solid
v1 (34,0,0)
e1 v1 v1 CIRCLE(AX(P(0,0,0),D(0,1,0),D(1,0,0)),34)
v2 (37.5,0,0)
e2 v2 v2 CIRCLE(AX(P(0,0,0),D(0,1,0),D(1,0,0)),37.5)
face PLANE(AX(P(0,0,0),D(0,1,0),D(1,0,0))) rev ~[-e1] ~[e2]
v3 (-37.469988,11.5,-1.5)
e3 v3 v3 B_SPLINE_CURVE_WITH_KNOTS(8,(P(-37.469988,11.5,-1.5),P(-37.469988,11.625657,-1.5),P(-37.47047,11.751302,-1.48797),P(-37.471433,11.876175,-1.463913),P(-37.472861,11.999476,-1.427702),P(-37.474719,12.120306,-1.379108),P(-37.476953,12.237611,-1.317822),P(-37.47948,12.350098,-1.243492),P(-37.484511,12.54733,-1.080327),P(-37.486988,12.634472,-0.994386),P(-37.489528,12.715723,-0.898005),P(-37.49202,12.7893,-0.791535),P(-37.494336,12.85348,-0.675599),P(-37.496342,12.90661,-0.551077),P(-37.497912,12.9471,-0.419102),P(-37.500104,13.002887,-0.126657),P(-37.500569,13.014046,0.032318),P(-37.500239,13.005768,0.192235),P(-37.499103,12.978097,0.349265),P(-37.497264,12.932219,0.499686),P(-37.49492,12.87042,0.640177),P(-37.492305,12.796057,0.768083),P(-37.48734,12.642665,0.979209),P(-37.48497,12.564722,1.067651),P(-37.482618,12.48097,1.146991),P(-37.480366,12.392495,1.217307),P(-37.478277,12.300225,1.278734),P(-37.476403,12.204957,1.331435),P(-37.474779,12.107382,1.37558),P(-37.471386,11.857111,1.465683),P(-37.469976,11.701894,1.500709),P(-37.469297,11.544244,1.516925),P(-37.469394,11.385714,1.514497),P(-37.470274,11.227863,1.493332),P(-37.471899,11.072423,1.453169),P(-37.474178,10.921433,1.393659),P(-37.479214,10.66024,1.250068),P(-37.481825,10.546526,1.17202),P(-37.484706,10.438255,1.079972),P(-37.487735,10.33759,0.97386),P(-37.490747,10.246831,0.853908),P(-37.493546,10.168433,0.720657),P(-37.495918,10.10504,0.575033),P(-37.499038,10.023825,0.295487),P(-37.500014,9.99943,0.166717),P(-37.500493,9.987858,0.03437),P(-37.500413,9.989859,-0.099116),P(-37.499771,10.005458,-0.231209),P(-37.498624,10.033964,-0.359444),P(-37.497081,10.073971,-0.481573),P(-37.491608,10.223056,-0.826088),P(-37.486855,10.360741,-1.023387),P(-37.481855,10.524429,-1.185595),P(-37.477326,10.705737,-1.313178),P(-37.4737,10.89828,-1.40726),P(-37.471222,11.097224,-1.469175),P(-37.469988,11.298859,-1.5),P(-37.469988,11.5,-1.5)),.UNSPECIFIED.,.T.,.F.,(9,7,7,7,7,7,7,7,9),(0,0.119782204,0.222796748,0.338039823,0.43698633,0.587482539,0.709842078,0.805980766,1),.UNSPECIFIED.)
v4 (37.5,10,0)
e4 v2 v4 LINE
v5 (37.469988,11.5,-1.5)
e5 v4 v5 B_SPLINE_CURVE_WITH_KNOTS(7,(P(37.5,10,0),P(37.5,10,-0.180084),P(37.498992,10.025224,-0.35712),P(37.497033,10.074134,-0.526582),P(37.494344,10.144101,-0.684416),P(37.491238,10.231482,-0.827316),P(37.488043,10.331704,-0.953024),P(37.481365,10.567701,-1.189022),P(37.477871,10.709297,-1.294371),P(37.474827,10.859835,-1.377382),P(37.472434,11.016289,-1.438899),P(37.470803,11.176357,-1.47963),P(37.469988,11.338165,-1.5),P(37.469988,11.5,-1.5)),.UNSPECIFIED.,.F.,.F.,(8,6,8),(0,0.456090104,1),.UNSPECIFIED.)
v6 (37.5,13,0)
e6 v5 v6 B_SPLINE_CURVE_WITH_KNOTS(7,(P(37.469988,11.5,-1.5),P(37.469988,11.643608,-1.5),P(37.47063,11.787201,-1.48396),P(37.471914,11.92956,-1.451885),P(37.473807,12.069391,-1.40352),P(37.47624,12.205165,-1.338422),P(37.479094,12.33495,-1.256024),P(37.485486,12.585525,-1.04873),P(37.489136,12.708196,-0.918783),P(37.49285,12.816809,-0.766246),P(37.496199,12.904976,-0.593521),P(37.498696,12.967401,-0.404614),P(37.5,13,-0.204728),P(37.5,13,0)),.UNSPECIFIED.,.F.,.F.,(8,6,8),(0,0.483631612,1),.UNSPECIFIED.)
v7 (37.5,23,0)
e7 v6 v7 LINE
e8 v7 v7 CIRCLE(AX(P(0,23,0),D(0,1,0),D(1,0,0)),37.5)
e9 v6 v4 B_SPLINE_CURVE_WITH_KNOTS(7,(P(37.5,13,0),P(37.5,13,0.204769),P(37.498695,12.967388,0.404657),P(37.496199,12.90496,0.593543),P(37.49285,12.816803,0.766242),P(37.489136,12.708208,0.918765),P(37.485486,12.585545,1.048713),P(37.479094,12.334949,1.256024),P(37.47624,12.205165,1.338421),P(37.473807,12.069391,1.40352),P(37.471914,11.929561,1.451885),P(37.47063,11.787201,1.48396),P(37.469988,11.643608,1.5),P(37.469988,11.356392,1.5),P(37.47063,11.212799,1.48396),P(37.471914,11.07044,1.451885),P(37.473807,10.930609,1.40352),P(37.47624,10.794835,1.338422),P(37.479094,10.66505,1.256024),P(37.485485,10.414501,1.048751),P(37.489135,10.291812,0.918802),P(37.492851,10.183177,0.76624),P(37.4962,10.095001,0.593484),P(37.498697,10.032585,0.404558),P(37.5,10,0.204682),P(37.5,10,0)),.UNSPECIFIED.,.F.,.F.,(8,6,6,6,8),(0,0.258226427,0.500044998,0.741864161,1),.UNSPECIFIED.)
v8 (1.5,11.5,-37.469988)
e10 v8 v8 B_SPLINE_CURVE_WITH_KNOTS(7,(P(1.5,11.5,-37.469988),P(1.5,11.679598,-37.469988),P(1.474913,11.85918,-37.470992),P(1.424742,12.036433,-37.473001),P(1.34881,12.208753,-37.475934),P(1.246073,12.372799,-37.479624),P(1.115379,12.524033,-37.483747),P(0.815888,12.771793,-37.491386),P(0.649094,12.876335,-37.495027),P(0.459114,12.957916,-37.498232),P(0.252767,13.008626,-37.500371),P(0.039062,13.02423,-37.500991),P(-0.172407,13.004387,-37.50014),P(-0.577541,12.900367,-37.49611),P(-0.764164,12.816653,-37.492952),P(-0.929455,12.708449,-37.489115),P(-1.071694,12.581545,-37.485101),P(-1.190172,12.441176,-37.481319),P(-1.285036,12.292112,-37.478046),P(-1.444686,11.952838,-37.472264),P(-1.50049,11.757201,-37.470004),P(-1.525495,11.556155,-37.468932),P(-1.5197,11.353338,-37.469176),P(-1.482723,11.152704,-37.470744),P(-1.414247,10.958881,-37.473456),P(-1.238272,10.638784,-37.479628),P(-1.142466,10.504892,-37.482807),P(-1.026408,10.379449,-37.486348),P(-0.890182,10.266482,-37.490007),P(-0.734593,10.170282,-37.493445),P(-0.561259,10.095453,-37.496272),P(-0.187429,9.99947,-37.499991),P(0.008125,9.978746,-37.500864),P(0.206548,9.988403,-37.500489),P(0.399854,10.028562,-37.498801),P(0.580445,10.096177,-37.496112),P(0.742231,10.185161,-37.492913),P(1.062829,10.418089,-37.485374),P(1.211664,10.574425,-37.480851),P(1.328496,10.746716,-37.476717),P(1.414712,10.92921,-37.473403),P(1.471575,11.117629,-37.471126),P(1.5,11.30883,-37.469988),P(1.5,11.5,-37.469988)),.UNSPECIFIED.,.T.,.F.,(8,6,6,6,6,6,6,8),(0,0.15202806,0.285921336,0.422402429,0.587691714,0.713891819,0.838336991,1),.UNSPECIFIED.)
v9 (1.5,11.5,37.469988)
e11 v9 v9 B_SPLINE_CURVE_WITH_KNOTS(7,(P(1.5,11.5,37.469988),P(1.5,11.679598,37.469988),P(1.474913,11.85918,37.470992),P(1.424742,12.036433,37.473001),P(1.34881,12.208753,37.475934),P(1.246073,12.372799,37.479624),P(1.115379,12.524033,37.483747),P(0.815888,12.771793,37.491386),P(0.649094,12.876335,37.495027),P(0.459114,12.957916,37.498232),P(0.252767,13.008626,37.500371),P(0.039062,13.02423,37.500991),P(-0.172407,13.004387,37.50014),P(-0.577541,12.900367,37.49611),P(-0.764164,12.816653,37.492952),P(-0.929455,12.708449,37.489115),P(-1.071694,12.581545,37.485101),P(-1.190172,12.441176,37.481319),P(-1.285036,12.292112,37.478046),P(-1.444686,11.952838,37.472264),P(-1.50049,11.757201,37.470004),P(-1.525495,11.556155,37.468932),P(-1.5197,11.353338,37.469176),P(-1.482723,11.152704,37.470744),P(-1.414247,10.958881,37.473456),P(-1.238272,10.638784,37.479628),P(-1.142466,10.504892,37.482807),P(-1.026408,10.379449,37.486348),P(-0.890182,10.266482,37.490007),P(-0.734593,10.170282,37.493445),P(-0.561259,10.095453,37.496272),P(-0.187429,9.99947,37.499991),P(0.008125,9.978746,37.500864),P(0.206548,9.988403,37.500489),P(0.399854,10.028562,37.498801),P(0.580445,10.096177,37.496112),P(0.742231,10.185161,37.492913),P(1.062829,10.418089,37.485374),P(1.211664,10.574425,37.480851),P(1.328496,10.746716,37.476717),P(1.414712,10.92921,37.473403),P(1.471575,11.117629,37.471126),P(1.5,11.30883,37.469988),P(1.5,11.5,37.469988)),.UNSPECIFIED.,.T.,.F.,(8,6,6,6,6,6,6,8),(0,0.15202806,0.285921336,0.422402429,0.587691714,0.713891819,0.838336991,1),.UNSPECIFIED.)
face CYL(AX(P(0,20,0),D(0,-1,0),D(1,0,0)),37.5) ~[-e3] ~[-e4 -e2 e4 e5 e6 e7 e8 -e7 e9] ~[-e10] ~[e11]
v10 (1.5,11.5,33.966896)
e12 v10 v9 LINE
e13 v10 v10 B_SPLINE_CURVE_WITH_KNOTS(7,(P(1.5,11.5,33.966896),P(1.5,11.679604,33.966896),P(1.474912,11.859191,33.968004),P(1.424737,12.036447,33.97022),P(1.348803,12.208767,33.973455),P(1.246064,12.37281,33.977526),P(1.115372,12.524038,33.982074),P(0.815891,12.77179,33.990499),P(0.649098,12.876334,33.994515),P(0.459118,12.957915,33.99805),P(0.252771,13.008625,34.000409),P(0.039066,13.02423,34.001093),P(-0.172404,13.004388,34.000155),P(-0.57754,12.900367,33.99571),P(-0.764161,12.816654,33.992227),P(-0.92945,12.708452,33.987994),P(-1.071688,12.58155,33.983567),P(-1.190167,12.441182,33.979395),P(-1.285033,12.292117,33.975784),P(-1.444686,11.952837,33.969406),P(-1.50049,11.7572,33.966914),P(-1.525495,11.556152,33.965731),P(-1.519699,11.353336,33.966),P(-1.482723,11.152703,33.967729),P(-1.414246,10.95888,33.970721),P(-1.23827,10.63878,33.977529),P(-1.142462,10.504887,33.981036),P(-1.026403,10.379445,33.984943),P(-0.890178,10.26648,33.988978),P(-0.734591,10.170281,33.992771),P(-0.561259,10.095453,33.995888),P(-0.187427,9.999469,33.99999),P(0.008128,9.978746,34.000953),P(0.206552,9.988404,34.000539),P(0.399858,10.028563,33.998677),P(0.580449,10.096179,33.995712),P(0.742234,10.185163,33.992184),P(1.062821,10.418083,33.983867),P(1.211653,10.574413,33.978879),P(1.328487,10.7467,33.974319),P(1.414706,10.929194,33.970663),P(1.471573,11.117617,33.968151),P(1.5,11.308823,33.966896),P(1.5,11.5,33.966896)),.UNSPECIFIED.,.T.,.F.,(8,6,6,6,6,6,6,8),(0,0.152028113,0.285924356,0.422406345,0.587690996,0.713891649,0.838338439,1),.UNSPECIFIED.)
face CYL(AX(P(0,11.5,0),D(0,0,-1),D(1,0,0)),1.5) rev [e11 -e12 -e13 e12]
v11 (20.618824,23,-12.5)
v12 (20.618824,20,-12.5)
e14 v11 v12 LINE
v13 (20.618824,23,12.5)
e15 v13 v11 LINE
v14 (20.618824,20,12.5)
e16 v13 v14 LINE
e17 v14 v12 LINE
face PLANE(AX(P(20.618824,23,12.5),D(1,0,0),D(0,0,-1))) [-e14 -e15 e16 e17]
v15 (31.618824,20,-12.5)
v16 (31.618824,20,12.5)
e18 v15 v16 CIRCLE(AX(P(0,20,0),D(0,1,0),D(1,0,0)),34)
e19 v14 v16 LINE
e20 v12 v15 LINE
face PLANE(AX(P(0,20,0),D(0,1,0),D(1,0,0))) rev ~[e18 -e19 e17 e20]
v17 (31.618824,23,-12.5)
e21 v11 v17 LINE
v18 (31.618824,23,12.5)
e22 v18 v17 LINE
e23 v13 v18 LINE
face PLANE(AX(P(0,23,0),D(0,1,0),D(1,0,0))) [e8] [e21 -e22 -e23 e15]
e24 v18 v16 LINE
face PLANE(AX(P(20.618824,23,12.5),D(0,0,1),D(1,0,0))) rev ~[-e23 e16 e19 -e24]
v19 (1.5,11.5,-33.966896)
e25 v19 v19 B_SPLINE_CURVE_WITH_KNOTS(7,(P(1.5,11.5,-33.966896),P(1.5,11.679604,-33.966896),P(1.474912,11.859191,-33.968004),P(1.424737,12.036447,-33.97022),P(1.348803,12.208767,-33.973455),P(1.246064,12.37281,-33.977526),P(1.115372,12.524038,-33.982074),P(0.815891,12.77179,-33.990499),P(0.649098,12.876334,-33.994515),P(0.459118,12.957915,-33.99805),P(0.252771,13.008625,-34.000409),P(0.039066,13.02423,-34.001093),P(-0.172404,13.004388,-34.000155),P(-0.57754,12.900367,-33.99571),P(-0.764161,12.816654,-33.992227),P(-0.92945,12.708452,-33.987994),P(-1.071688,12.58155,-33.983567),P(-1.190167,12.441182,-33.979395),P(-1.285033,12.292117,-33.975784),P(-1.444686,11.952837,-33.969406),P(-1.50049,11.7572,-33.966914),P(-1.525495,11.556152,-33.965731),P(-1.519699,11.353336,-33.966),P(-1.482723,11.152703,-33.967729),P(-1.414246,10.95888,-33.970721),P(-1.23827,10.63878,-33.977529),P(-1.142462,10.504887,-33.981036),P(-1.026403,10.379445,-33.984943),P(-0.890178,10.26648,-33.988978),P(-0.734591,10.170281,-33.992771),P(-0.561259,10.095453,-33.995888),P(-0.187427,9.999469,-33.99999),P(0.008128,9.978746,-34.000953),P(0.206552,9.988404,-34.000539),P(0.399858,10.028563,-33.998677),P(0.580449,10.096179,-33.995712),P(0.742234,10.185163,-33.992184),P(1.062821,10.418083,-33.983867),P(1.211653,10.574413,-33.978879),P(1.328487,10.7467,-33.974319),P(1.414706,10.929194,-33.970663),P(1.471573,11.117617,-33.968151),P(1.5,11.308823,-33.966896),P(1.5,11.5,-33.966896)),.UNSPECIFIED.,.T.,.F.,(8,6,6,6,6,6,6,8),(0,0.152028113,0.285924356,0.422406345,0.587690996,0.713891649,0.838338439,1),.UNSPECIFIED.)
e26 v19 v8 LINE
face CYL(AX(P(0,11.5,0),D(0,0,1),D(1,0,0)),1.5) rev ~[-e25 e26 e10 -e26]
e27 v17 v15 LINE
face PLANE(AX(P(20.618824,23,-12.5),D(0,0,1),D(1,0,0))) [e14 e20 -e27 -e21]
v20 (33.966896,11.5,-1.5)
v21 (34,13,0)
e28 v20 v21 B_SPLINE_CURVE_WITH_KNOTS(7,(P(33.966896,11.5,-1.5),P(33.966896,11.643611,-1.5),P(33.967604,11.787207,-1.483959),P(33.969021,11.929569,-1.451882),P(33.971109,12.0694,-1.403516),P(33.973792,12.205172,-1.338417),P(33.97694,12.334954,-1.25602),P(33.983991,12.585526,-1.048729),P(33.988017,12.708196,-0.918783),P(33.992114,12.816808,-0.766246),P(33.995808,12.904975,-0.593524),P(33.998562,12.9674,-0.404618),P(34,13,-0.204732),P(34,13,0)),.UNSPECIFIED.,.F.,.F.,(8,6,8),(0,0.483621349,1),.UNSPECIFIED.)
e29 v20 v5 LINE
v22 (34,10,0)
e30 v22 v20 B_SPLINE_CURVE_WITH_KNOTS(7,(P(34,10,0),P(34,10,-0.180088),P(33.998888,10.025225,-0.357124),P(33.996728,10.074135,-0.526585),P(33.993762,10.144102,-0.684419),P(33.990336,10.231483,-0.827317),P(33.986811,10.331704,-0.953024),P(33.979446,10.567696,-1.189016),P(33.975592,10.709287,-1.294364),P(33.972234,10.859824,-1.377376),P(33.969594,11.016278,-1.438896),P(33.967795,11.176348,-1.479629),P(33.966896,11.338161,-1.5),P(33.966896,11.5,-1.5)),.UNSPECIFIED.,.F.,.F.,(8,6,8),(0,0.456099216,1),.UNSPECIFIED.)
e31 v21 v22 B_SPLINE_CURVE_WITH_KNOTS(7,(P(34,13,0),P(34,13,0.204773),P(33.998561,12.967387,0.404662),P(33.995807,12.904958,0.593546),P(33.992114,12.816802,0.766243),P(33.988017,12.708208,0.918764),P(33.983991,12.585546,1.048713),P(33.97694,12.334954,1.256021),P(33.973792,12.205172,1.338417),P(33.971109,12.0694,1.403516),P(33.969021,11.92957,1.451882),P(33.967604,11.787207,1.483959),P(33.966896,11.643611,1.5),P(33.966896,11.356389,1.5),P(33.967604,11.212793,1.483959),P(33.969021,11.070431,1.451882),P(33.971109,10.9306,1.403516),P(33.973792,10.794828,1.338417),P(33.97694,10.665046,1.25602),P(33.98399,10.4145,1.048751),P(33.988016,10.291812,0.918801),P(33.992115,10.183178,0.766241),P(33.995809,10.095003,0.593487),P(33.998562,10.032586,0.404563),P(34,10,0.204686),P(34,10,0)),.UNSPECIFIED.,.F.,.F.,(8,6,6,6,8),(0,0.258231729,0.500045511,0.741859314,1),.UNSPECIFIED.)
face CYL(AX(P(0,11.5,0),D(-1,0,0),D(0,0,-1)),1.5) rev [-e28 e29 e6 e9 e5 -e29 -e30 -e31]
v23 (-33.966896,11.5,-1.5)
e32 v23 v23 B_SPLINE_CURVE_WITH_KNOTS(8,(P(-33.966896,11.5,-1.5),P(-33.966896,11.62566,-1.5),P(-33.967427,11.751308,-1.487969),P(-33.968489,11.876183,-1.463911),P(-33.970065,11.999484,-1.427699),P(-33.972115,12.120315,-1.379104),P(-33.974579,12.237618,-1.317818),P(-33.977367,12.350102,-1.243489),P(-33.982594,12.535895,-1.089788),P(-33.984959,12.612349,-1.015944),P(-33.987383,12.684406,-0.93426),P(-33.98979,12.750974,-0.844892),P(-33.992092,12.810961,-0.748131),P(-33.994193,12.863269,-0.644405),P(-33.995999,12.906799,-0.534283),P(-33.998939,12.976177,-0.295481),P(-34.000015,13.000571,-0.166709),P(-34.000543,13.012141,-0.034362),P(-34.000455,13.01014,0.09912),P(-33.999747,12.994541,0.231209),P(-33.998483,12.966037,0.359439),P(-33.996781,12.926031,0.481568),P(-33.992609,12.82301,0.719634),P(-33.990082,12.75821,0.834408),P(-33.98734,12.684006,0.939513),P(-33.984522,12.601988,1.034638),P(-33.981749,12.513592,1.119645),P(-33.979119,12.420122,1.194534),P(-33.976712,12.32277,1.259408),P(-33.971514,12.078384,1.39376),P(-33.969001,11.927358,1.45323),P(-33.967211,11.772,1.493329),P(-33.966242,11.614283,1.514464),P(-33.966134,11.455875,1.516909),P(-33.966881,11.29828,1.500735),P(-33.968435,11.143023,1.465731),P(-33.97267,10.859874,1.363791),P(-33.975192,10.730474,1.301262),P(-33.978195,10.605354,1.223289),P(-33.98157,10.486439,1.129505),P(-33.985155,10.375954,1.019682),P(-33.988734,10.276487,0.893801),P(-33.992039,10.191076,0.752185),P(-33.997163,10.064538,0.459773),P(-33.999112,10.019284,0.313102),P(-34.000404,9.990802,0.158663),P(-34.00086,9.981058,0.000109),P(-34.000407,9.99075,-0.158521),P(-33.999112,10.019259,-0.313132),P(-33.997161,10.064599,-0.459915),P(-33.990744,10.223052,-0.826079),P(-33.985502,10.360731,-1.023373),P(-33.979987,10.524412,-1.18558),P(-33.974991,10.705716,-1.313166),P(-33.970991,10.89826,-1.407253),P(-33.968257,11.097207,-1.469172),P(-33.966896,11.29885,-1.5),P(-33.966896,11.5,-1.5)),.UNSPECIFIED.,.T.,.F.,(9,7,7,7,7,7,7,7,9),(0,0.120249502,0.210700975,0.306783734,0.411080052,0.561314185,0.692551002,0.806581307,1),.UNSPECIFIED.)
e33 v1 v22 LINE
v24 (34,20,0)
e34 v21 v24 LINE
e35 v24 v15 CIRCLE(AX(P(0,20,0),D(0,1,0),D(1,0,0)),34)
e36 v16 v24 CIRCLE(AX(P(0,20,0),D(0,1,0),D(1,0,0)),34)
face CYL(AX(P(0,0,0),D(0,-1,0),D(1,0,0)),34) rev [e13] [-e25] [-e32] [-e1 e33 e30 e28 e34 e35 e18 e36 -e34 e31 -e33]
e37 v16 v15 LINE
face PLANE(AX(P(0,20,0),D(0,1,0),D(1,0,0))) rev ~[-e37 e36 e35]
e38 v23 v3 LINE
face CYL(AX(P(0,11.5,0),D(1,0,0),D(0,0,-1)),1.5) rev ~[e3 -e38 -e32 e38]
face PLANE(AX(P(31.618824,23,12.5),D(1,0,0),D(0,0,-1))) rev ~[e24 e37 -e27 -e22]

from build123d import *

# Parameters (mm, degrees)
SKETCH1_R               = 37.5
SKETCH1_R_2             = 34
BOSS_EXTRUDE1_DEPTH     = 20
SKETCH2_R               = 37.5
BOSS_EXTRUDE2_DEPTH     = 3
SKETCH3_W               = 11
SKETCH3_H               = 25
CUT_EXTRUDE1_DEPTH      = 3
SKETCH4_R               = 1.5
CUT_EXTRUDE2_DEPTH      = 80
CUT_EXTRUDE2_DEPTH_BACK = 80
SKETCH5_R               = 1.5
CUT_EXTRUDE4_DEPTH      = 80
CUT_EXTRUDE4_DEPTH_BACK = 80


with BuildPart() as part:
    # Sketch1 → Boss-Extrude1 (new body)
    with BuildSketch(Plane(origin=(0, 0, 0), x_dir=(1, 0, 0), z_dir=(0, 1, 0))):
        Circle(SKETCH1_R)
        Circle(SKETCH1_R_2, mode=Mode.SUBTRACT)
    extrude(amount=BOSS_EXTRUDE1_DEPTH)

    # Sketch2 → Boss-Extrude2 (add)
    with BuildSketch(Plane(origin=(0, 20, 0), x_dir=(1, 0, 0), z_dir=(0, 1, 0))):
        Circle(SKETCH2_R)
    extrude(amount=BOSS_EXTRUDE2_DEPTH)

    # Sketch3 → Cut-Extrude1 (cut)
    with BuildSketch(Plane(origin=(0, 23, 0), x_dir=(1, 0, 0), z_dir=(0, 1, 0))):
        with Locations((26.118823508, 0)):
            Rectangle(SKETCH3_W, SKETCH3_H)
    extrude(amount=-CUT_EXTRUDE1_DEPTH, mode=Mode.SUBTRACT)

    # Sketch4 → Cut-Extrude2 (cut, two sides)
    with BuildSketch(Plane.XY) as cut_extrude2_sk:
        with Locations((0, 11.5)):
            Circle(SKETCH4_R)
    extrude(amount=CUT_EXTRUDE2_DEPTH, mode=Mode.SUBTRACT)
    extrude(cut_extrude2_sk.sketch, amount=-CUT_EXTRUDE2_DEPTH_BACK, mode=Mode.SUBTRACT)

    # Sketch5 → Cut-Extrude4 (cut, two sides)
    with BuildSketch(Plane(origin=(0, 0, 0), x_dir=(0, 0, -1), z_dir=(1, 0, 0))) as cut_extrude4_sk:
        with Locations((0, 11.5)):
            Circle(SKETCH5_R)
    extrude(amount=CUT_EXTRUDE4_DEPTH, mode=Mode.SUBTRACT)
    extrude(cut_extrude4_sk.sketch, amount=-CUT_EXTRUDE4_DEPTH_BACK, mode=Mode.SUBTRACT)


solid = part.part
